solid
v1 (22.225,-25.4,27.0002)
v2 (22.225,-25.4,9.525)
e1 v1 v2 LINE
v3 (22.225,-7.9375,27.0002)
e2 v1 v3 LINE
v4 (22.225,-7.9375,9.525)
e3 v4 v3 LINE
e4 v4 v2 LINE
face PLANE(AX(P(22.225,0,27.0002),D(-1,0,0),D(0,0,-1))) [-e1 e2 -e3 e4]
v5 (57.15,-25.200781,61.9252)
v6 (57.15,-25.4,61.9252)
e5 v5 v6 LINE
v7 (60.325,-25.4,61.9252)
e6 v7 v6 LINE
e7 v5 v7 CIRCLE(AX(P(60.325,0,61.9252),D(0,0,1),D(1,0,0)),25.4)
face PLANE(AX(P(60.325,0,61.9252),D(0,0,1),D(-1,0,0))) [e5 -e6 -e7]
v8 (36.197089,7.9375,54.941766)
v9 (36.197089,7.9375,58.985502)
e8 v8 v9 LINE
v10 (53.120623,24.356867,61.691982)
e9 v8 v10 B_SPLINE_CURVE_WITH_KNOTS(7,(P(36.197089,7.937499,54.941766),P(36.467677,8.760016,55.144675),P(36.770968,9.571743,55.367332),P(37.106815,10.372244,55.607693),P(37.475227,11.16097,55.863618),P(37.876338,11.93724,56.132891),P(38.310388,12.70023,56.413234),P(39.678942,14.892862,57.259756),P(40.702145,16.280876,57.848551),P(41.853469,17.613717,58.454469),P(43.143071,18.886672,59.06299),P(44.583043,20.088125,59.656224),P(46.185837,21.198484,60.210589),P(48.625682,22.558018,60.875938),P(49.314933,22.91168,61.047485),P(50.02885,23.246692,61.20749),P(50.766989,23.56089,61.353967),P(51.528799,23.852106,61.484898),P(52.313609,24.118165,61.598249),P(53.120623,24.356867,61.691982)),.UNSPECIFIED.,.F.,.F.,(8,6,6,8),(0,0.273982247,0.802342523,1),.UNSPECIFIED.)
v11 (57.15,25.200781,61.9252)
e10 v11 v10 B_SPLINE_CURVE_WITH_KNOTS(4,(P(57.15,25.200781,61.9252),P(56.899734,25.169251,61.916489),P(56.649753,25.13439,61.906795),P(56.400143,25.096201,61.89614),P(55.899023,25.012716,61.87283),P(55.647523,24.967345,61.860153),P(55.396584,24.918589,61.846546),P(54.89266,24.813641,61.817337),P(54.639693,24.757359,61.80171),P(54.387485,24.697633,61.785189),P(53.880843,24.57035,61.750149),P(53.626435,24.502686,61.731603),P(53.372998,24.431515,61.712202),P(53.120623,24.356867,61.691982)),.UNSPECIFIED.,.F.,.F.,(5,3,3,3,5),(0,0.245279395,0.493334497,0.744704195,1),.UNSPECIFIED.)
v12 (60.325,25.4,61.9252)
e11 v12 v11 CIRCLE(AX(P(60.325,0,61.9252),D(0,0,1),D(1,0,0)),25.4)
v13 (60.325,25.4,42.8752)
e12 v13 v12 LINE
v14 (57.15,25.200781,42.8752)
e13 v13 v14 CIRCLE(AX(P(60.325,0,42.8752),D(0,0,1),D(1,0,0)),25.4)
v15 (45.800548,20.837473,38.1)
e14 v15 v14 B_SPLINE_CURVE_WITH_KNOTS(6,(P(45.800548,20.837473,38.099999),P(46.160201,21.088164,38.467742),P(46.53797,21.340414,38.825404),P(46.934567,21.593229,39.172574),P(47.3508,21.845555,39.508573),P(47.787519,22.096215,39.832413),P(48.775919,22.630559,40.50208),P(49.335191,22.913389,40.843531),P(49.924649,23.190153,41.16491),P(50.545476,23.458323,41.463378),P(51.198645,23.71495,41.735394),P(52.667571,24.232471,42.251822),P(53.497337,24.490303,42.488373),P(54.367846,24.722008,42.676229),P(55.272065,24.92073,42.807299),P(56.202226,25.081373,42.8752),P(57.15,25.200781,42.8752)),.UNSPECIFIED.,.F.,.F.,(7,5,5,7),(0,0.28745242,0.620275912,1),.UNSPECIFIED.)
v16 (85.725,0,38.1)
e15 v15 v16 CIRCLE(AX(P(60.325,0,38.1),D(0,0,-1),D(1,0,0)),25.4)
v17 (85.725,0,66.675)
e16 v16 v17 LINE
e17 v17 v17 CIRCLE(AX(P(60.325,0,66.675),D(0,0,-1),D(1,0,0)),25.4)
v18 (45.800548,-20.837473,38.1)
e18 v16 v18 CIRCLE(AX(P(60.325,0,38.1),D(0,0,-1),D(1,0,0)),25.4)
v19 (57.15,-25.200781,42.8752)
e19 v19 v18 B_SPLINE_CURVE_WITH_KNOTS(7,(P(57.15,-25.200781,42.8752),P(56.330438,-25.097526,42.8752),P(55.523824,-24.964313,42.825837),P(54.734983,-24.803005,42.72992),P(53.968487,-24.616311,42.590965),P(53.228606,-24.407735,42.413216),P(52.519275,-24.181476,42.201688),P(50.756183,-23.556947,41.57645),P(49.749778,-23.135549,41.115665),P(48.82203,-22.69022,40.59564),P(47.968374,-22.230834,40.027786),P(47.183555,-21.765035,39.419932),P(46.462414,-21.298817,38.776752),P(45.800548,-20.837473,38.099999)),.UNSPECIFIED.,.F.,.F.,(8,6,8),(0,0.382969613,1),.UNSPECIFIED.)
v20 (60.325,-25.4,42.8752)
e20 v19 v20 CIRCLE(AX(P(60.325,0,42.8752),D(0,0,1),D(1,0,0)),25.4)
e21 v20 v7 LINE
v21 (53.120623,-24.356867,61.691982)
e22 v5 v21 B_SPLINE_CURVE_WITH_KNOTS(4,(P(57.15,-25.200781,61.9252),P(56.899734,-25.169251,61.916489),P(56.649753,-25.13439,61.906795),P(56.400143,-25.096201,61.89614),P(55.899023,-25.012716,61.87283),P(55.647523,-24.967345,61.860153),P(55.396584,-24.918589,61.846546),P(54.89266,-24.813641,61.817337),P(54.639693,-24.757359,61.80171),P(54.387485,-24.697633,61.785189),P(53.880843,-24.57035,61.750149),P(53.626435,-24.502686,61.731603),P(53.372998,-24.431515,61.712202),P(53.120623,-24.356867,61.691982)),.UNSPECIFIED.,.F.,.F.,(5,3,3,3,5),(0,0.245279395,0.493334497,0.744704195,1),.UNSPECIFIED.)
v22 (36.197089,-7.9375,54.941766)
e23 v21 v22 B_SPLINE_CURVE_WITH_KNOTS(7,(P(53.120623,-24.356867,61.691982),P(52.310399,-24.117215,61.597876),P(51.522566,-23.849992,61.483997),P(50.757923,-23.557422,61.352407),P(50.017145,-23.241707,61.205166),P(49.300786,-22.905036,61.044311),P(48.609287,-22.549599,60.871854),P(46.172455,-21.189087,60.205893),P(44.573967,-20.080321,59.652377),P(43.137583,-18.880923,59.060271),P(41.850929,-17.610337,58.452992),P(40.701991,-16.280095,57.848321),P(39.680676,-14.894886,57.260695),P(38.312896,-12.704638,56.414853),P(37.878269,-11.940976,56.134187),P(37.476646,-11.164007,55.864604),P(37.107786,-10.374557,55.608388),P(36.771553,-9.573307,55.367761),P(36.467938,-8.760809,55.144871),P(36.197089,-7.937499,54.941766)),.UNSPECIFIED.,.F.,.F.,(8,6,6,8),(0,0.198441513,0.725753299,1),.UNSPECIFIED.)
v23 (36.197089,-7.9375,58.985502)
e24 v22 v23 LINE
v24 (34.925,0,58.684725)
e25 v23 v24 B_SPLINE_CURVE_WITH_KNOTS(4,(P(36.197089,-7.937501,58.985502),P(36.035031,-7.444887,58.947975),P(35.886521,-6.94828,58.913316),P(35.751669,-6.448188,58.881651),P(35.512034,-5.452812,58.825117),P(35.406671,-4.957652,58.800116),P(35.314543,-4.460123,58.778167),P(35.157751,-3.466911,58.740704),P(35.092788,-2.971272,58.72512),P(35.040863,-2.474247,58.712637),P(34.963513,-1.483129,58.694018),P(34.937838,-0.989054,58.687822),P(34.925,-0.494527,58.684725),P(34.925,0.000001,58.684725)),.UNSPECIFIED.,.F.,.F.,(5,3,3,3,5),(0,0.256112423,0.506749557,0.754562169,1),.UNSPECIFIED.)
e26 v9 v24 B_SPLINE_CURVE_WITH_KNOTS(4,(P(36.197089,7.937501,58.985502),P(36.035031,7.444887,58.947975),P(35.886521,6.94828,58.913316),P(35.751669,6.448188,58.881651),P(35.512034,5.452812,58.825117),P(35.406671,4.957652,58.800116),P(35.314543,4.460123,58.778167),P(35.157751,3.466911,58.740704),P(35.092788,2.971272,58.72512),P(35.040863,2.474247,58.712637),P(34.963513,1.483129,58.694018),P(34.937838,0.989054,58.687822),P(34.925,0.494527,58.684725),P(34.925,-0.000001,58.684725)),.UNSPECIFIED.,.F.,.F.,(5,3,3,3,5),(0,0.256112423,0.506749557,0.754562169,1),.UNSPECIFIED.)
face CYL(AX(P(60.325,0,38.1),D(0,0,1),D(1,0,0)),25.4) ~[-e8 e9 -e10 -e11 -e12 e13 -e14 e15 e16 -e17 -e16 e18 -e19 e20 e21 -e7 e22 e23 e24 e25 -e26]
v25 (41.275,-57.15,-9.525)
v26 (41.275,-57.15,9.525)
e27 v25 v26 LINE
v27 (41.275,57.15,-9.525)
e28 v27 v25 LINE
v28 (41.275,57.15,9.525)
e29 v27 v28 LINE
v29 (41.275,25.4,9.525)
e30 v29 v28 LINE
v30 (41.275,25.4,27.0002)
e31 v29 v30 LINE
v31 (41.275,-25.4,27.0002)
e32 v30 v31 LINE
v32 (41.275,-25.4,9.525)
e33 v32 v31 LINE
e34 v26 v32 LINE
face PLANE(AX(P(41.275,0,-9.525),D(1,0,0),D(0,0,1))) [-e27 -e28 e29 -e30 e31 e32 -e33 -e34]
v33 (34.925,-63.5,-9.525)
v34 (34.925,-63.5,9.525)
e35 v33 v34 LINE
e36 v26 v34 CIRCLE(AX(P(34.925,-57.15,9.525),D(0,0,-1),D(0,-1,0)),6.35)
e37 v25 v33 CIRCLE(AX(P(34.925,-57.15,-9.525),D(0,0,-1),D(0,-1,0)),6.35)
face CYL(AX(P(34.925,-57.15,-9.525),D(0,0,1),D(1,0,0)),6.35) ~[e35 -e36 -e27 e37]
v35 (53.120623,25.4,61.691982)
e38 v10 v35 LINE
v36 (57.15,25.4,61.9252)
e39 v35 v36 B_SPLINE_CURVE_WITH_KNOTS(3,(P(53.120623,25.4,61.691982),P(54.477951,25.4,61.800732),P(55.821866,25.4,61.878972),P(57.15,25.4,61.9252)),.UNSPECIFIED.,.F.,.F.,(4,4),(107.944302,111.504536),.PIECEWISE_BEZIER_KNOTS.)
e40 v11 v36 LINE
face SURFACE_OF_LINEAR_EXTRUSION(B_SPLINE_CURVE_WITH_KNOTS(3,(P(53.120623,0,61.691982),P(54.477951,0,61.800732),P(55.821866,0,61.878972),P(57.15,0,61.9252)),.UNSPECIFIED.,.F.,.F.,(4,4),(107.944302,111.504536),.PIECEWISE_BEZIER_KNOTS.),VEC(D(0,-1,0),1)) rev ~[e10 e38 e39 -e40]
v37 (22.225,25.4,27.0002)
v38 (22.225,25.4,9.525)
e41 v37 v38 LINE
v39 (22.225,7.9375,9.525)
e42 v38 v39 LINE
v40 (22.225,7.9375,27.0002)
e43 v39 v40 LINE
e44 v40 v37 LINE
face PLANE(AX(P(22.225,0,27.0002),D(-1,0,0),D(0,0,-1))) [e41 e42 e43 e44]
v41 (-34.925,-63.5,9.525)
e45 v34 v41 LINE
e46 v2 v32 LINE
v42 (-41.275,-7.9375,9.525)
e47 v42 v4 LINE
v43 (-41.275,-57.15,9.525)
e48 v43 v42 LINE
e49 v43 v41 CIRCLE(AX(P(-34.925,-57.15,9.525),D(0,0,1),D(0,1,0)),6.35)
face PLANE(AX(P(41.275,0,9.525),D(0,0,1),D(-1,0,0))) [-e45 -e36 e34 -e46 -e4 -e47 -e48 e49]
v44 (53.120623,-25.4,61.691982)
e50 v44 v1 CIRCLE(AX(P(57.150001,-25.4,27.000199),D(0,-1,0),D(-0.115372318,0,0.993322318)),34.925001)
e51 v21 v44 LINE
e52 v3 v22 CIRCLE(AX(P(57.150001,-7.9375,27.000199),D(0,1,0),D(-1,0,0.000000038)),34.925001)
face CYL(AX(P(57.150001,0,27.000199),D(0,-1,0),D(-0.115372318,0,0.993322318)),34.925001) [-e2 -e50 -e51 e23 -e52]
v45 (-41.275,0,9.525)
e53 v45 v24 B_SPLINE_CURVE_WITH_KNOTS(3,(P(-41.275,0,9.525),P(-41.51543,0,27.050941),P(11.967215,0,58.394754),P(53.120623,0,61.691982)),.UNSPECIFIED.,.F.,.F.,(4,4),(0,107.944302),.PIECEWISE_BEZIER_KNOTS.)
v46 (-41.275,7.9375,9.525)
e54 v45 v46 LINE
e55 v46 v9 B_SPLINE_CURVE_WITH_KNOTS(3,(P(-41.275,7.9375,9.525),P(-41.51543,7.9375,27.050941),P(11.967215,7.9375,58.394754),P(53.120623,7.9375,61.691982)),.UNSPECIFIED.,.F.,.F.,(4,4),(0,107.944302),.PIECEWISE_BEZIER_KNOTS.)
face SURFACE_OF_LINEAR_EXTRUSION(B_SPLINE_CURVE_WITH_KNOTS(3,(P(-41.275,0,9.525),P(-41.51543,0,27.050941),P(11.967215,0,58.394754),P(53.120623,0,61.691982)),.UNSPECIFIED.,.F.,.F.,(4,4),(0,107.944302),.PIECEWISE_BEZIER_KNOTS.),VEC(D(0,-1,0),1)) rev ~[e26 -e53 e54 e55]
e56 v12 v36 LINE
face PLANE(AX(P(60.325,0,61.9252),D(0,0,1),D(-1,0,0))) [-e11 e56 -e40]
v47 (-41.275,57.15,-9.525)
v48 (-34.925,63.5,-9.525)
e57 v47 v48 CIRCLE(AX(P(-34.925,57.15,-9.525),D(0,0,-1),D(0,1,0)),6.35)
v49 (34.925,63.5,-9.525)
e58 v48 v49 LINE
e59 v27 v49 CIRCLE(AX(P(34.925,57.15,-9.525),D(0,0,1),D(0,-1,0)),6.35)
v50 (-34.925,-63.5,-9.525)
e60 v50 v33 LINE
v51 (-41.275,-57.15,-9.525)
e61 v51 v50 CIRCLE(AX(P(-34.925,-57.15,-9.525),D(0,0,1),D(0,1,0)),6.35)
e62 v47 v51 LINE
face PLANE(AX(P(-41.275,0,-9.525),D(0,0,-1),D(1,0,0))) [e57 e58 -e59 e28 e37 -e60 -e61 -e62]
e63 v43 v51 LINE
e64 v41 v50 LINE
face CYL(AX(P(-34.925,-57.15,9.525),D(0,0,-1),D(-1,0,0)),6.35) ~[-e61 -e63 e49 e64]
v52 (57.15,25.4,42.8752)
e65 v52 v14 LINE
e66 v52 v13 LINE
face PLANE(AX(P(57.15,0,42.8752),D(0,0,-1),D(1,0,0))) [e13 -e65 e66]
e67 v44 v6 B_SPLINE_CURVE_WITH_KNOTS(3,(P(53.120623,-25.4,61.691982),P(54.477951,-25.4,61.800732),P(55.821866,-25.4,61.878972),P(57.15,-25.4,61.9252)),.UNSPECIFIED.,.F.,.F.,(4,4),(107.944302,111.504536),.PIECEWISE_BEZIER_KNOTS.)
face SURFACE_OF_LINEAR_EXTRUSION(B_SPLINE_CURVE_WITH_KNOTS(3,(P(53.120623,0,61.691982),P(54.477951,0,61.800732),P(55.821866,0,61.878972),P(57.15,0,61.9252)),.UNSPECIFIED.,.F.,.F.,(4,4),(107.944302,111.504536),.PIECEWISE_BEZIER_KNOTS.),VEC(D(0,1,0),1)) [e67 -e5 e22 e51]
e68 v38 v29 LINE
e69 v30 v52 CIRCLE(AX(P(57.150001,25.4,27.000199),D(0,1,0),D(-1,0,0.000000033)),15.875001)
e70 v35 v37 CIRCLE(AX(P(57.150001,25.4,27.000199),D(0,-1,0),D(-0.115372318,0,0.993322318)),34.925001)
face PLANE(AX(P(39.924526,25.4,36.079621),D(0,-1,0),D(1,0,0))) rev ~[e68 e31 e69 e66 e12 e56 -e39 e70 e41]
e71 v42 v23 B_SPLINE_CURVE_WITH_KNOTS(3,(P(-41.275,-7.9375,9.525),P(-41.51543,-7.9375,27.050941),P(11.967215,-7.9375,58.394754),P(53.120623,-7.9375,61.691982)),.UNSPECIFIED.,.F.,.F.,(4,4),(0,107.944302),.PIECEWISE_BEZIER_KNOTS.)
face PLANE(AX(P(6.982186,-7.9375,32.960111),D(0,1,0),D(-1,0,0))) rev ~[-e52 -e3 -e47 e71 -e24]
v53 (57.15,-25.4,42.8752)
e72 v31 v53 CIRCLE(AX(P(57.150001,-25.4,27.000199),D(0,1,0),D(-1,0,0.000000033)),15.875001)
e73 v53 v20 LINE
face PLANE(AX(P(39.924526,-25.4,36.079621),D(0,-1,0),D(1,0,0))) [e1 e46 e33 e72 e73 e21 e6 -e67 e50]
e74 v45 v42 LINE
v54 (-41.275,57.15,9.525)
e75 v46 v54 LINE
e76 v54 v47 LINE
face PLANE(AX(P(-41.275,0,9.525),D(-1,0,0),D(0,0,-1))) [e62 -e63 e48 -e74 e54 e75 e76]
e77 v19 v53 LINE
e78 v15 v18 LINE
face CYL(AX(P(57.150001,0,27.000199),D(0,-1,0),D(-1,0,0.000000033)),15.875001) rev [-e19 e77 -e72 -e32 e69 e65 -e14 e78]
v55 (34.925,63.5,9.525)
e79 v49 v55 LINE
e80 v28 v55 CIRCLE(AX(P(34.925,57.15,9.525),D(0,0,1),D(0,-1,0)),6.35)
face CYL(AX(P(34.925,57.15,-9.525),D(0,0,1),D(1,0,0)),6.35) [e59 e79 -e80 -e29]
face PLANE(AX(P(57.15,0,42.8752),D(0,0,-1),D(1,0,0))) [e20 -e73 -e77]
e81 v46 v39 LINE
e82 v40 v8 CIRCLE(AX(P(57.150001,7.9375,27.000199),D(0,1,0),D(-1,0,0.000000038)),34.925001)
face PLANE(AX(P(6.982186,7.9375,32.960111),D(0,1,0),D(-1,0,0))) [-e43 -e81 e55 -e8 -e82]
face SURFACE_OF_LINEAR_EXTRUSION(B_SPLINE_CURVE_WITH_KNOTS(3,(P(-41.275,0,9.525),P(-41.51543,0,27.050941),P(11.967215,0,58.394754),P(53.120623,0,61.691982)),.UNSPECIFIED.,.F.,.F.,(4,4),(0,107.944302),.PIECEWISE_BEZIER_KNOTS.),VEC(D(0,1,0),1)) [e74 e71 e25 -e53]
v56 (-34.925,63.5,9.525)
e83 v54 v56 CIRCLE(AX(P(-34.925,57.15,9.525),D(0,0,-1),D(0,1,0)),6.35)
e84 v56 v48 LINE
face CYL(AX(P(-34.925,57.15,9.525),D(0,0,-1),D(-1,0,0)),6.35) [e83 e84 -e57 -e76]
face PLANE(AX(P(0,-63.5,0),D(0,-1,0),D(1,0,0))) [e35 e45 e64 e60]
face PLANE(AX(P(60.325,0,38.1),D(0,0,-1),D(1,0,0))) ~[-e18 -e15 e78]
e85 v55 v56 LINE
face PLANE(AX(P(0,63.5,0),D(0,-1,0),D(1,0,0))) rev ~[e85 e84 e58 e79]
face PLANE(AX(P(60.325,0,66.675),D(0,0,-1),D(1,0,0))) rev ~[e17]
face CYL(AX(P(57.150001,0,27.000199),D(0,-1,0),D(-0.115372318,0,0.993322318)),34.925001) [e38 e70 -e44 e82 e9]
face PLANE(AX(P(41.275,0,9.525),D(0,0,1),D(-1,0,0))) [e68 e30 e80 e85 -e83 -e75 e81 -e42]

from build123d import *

# Parameters (mm, degrees)
F1_DEPTH = 63.5
F2_DEPTH = 25.4
F3_DEPTH = 7.9375
F5_R     = 6.35


with BuildPart() as f1:
    # F0 (on Front) → F1 (new body, symmetric)
    with BuildSketch(Plane.XZ):
        Polygon((22.225, 9.525), (-41.275, 9.525), (-41.275, -9.525), (41.275, -9.525), (41.275, 9.525), align=None)
    extrude(amount=F1_DEPTH, both=True)

    # F0 (on Front) → F2 (join, symmetric)
    with BuildSketch(Plane.XZ):
        with BuildLine():
            Line((22.225, 27.0002), (22.225, 9.525))
            Line((22.225, 9.525), (41.275, 9.525))
            Line((41.275, 9.525), (41.275, 27.0002))
            ThreePointArc((41.275, 27.0002), (45.92468, 38.22552), (57.15, 42.8752))
            Line((57.15, 42.8752), (60.325, 42.8752))
            Line((60.325, 42.8752), (60.325, 61.9252))
            Line((60.325, 61.9252), (57.15, 61.9252))
            add(Edge.make_bspline(
                [(53.120623, 61.691982), (54.477951, 61.800732), (55.821866, 61.878972), (57.15, 61.9252)],
                knots=[107.944302, 107.944302, 107.944302, 107.944302, 111.504536, 111.504536, 111.504536, 111.504536], degree=3))
            ThreePointArc((53.120623, 61.691982), (31.068574, 50.227658), (22.225, 27.0002))
        make_face()
    extrude(amount=F2_DEPTH, both=True)

    # F0 (on Front) → F3 (join, symmetric)
    with BuildSketch(Plane.XZ):
        with BuildLine():
            add(Edge.make_bspline(
                [(-41.275, 9.525), (-41.51543, 27.050941), (11.967215, 58.394754), (53.120623, 61.691982)],
                knots=[0, 0, 0, 0, 107.944302, 107.944302, 107.944302, 107.944302], degree=3))
            Line((-41.275, 9.525), (22.225, 9.525))
            Line((22.225, 9.525), (22.225, 27.0002))
            ThreePointArc((22.225, 27.0002), (31.068574, 50.227658), (53.120623, 61.691982))
        make_face()
    extrude(amount=F3_DEPTH, both=True)

    # F0 (on Front) → F4 (revolve)
    with BuildSketch(Plane.XZ):
        Polygon((60.325, 66.675), (60.325, 61.9252), (65.104299, 61.9252), (85.725, 61.9252), (85.725, 66.675), align=None)
        Polygon((65.104299, 61.9252), (60.325, 61.9252), (60.325, 42.8752), (65.104299, 42.8752), (85.725, 42.8752), (85.725, 61.9252), align=None)
        Polygon((65.104299, 42.8752), (60.325, 42.8752), (60.325, 38.1), (85.725, 38.1), (85.725, 42.8752), align=None)
    revolve(axis=Axis((60.325, 0, 52.3875), (0, 0, -1)))

    # F5
    f5_edges = [f1.edges().sort_by_distance(p)[0] for p in [
        (41.275, -63.5, 0),
        (-41.275, -63.5, 0),
        (41.275, 63.5, 0),
        (-41.275, 63.5, 0),
    ]]
    fillet(f5_edges, radius=F5_R)


solid = f1.part
